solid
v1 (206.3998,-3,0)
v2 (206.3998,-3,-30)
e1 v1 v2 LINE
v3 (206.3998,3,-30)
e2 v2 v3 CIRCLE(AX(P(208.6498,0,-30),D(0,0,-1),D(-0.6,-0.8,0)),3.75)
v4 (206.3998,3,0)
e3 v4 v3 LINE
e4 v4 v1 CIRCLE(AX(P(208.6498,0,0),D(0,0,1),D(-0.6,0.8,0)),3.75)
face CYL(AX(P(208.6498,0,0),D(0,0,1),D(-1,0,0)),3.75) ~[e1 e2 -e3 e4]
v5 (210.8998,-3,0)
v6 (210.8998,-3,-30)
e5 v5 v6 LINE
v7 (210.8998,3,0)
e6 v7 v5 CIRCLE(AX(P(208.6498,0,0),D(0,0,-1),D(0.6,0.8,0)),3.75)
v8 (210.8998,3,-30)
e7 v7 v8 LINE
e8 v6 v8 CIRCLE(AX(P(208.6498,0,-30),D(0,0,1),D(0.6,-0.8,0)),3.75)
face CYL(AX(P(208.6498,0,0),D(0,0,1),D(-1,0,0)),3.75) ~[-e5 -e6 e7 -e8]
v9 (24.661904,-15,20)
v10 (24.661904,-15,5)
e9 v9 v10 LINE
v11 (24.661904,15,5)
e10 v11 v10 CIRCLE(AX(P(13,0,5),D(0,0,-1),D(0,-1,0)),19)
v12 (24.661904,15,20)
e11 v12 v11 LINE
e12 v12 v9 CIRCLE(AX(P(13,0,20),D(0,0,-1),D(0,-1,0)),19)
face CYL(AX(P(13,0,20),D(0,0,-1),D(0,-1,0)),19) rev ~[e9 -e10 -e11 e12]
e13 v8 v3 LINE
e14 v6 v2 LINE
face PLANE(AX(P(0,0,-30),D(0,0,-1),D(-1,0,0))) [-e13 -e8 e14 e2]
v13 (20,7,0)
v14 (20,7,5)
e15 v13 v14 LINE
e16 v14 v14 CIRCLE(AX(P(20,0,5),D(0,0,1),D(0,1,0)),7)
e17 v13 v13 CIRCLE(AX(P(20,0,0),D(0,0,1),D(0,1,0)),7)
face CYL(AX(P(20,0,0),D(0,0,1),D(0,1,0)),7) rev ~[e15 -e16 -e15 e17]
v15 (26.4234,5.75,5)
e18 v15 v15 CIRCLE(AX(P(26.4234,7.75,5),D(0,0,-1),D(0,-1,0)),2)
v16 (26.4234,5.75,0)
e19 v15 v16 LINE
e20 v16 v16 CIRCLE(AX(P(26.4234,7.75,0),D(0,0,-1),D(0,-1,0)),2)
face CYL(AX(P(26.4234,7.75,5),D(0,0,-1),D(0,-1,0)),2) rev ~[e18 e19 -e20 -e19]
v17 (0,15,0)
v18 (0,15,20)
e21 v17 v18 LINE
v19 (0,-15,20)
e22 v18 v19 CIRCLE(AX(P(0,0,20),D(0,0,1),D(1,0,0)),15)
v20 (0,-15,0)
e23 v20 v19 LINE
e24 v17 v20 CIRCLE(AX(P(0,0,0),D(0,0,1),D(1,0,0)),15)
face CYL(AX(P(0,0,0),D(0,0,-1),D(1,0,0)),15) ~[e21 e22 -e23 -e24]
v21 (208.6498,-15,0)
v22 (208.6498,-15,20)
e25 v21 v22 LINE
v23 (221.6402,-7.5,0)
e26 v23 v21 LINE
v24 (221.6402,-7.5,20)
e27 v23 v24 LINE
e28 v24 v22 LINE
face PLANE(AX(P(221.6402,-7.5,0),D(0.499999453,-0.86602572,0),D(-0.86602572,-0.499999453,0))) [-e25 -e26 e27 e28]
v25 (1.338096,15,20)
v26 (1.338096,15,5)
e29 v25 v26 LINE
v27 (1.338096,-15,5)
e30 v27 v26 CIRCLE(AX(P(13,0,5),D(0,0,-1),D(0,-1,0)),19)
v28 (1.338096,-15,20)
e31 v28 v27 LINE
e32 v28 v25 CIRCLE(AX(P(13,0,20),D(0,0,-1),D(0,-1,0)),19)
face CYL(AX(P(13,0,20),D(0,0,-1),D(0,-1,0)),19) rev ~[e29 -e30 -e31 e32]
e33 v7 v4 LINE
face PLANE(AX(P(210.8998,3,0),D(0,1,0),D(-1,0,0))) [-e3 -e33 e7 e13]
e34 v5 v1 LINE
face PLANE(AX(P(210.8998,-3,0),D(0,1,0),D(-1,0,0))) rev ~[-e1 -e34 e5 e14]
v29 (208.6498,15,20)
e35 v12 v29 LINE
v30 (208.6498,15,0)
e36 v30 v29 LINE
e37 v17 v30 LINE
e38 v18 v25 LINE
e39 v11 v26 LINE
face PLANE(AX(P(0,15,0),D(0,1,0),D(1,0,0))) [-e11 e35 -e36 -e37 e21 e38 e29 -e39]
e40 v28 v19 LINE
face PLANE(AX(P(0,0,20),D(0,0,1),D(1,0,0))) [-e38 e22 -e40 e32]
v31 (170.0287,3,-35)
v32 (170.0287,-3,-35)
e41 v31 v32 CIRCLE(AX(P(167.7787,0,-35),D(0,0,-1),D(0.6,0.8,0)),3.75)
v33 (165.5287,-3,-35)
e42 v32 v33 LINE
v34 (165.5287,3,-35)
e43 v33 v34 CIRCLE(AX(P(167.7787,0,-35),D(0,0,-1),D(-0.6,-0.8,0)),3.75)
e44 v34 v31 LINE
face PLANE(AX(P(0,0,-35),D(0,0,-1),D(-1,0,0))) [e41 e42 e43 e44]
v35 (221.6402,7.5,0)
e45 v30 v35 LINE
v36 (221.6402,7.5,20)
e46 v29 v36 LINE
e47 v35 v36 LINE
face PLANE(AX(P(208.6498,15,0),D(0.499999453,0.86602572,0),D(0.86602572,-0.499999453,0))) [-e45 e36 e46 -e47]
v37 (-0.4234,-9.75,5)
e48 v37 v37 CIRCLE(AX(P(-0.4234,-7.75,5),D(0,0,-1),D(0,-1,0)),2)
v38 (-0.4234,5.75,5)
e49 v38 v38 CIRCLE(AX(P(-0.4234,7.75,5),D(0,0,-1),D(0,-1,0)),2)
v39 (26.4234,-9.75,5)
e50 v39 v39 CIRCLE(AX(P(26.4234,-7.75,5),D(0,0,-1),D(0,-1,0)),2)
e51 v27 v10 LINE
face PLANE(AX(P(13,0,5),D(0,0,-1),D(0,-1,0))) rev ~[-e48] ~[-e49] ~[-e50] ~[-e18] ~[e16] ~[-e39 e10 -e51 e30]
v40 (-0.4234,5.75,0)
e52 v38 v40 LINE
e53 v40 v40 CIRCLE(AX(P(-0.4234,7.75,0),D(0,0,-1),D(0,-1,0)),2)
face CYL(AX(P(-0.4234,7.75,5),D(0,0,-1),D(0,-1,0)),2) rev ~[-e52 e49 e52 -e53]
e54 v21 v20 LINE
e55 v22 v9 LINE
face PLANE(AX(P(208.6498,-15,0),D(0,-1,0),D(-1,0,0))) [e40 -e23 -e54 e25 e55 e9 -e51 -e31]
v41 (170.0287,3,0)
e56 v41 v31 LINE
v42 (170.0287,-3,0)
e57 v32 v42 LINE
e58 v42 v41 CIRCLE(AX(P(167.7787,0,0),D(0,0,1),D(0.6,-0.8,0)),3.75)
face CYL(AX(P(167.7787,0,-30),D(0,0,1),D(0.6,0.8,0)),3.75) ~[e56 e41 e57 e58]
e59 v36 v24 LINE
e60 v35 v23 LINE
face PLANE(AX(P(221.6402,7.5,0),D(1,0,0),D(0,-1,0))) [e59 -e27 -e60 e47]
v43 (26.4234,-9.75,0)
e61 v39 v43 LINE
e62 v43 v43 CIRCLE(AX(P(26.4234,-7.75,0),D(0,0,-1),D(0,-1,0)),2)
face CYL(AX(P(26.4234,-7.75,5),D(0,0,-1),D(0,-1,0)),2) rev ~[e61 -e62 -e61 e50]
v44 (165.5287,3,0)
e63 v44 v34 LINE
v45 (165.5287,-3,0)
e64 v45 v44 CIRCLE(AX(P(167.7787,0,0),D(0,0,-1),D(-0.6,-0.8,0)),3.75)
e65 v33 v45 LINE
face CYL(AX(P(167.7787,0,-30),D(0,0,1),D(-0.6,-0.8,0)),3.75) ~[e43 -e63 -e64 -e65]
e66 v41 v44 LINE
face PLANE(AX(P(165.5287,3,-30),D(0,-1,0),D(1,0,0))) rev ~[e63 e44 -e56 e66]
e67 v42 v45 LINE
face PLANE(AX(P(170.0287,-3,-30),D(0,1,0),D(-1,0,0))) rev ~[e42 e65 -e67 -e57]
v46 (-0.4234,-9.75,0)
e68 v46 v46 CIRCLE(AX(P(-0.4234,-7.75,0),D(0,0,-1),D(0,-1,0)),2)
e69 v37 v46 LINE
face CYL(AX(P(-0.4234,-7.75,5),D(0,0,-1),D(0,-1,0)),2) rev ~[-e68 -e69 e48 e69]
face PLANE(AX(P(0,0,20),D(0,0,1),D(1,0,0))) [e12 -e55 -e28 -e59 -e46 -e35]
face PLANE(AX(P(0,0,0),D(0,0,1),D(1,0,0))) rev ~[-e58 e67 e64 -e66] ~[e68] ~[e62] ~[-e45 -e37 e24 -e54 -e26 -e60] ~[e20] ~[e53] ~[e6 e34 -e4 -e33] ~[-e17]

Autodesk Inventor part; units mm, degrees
ref_plane "YZ Plane" through (0, 0, 0) normal (1, 0, 0) x (0, 1, 0)
ref_plane "XZ Plane" through (0, 0, 0) normal (0, 1, 0) x (-1, 0, 0)
ref_plane "XY Plane" through (0, 0, 0) normal (0, 0, 1) x (1, 0, 0)
sketch "Sketch1" plane through (0, 0, 0) normal (0, 0, 1) x (1, 0, 0)
  circle A0 centre (0, 0) radius 15
  circle A1 centre (208.6498, 0) radius 15
  line L0 (0, 15) -> (208.6498, 15)
  line L1 (208.6498, -15) -> (0, -15)
  line L2 (208.6498, 15) -> (221.6402, 7.5)
  line L3 (221.6402, 7.5) -> (221.6402, -7.5)
  line L4 (221.6402, -7.5) -> (208.6498, -15)
  point P0 (208.6498, -15)
  dimension "d0" = 30
  dimension "d1" = 208.6498
  dimension "d16" = 180
extrude "Extrusion1" add sketch "Sketch1" along normal blind 20 contours A0 | A0 L0 A1 L1 | L2 L3 L4 A1
sketch "Sketch2" plane through (0, 0, 0) normal (0, 0, -1) x (-1, 0, 0)
  circle A0 centre (-208.6498, 0) radius 3.75
  circle A1 centre (-167.7787, 0) radius 3.75
  line L0 (-210.8998, 3) -> (-165.5287, 3)
  line L1 (-210.8998, -3) -> (-165.5287, -3)
  line L2 (63.328, 0) -> (-274.9682, 0) projected
  line L3 (-221.6402, -7.5) -> (-221.6402, 7.5) projected
  point P0 (0, 0)
  point P1 (-170.0287, 3)
  point P2 (-170.0287, -3)
  point P3 (-206.3998, 3)
  point P4 (-206.3998, -3)
  point P5 (-208.6498, 15)
  point P6 (-221.6402, 0)
  dimension "d7" = 7.5
  dimension "d8" = 40.8711
  dimension "d11" = 6
extrude "Extrusion2" add sketch "Sketch2" along normal blind 30 contours L2 A0 L0 | A0 L1 L2 | L2 A1 L1 | A1 L0 L2
sketch "Sketch3" plane through (0, 0, 0) normal (0, 0, -1) x (-1, 0, 0)
  arc A0 (-210.8998, 3) -> (-210.8998, -3) centre (-208.6498, 0) ccw projected
  point P0 (0, 0)
  point P1 (-20, 0)
  dimension "d18" = 188.6498
hole "Hole1" at (20, 0, 0) direction (0, 0, 1) diameter 14 end through all
sketch "Sketch5" plane through (0, 0, 20) normal (0, 0, 1) x (1, 0, 0)
  circle A0 centre (20, 0) radius 7 projected
  point P0 (0, 0)
  point P1 (13, 0)
  dimension "d34" = 7
hole "Hole3" at (13, 0, 20) direction (0, 0, -1) diameter 38 depth 15
sketch "Sketch6" plane through (1.3381, -15, 5) normal (0, 0, 1) x (1, 0, 0)
  arc A0 (23.3238, 0) -> (23.3238, 30) centre (11.6619, 15) ccw construction
  line L0 (30.6619, 15) -> (-7.3381, 15) construction
  arc A1 (0, 30) -> (0, 0) centre (11.6619, 15) ccw construction
  circle A2 centre (11.6619, 15) radius 15.5 construction
  point P0 (-1.3381, 15)
  point P1 (25.0853, 22.75)
  point P2 (25.0853, 7.25)
  point P3 (-1.7615, 22.75)
  point P4 (-1.7615, 7.25)
  dimension "d42" = 15.5
  dimension "d43" = 31
  dimension "d44" = 15.5
hole "Hole4" at (26.4234, 7.75, 5) at (26.4234, -7.75, 5) at (-0.4234, 7.75, 5) at (-0.4234, -7.75, 5) direction (0, 0, -1) diameter 4 end through all
sketch "Sketch7" plane through (0, 0, -30) normal (0, 0, -1) x (-1, 0, 0)
  line L0 (-165.5287, 3) -> (-170.0287, 3) projected
  arc A0 (-170.0287, 3) -> (-170.0287, -3) centre (-167.7787, 0) ccw projected
  line L1 (-170.0287, -3) -> (-165.5287, -3) projected
  arc A1 (-165.5287, -3) -> (-165.5287, 3) centre (-167.7787, 0) ccw projected
  point P0 (0, 0)
extrude "Extrusion3" add sketch "Sketch7" along normal blind 5
properties part number "LOWER_LINKAGE" material "ABS Plastic"
